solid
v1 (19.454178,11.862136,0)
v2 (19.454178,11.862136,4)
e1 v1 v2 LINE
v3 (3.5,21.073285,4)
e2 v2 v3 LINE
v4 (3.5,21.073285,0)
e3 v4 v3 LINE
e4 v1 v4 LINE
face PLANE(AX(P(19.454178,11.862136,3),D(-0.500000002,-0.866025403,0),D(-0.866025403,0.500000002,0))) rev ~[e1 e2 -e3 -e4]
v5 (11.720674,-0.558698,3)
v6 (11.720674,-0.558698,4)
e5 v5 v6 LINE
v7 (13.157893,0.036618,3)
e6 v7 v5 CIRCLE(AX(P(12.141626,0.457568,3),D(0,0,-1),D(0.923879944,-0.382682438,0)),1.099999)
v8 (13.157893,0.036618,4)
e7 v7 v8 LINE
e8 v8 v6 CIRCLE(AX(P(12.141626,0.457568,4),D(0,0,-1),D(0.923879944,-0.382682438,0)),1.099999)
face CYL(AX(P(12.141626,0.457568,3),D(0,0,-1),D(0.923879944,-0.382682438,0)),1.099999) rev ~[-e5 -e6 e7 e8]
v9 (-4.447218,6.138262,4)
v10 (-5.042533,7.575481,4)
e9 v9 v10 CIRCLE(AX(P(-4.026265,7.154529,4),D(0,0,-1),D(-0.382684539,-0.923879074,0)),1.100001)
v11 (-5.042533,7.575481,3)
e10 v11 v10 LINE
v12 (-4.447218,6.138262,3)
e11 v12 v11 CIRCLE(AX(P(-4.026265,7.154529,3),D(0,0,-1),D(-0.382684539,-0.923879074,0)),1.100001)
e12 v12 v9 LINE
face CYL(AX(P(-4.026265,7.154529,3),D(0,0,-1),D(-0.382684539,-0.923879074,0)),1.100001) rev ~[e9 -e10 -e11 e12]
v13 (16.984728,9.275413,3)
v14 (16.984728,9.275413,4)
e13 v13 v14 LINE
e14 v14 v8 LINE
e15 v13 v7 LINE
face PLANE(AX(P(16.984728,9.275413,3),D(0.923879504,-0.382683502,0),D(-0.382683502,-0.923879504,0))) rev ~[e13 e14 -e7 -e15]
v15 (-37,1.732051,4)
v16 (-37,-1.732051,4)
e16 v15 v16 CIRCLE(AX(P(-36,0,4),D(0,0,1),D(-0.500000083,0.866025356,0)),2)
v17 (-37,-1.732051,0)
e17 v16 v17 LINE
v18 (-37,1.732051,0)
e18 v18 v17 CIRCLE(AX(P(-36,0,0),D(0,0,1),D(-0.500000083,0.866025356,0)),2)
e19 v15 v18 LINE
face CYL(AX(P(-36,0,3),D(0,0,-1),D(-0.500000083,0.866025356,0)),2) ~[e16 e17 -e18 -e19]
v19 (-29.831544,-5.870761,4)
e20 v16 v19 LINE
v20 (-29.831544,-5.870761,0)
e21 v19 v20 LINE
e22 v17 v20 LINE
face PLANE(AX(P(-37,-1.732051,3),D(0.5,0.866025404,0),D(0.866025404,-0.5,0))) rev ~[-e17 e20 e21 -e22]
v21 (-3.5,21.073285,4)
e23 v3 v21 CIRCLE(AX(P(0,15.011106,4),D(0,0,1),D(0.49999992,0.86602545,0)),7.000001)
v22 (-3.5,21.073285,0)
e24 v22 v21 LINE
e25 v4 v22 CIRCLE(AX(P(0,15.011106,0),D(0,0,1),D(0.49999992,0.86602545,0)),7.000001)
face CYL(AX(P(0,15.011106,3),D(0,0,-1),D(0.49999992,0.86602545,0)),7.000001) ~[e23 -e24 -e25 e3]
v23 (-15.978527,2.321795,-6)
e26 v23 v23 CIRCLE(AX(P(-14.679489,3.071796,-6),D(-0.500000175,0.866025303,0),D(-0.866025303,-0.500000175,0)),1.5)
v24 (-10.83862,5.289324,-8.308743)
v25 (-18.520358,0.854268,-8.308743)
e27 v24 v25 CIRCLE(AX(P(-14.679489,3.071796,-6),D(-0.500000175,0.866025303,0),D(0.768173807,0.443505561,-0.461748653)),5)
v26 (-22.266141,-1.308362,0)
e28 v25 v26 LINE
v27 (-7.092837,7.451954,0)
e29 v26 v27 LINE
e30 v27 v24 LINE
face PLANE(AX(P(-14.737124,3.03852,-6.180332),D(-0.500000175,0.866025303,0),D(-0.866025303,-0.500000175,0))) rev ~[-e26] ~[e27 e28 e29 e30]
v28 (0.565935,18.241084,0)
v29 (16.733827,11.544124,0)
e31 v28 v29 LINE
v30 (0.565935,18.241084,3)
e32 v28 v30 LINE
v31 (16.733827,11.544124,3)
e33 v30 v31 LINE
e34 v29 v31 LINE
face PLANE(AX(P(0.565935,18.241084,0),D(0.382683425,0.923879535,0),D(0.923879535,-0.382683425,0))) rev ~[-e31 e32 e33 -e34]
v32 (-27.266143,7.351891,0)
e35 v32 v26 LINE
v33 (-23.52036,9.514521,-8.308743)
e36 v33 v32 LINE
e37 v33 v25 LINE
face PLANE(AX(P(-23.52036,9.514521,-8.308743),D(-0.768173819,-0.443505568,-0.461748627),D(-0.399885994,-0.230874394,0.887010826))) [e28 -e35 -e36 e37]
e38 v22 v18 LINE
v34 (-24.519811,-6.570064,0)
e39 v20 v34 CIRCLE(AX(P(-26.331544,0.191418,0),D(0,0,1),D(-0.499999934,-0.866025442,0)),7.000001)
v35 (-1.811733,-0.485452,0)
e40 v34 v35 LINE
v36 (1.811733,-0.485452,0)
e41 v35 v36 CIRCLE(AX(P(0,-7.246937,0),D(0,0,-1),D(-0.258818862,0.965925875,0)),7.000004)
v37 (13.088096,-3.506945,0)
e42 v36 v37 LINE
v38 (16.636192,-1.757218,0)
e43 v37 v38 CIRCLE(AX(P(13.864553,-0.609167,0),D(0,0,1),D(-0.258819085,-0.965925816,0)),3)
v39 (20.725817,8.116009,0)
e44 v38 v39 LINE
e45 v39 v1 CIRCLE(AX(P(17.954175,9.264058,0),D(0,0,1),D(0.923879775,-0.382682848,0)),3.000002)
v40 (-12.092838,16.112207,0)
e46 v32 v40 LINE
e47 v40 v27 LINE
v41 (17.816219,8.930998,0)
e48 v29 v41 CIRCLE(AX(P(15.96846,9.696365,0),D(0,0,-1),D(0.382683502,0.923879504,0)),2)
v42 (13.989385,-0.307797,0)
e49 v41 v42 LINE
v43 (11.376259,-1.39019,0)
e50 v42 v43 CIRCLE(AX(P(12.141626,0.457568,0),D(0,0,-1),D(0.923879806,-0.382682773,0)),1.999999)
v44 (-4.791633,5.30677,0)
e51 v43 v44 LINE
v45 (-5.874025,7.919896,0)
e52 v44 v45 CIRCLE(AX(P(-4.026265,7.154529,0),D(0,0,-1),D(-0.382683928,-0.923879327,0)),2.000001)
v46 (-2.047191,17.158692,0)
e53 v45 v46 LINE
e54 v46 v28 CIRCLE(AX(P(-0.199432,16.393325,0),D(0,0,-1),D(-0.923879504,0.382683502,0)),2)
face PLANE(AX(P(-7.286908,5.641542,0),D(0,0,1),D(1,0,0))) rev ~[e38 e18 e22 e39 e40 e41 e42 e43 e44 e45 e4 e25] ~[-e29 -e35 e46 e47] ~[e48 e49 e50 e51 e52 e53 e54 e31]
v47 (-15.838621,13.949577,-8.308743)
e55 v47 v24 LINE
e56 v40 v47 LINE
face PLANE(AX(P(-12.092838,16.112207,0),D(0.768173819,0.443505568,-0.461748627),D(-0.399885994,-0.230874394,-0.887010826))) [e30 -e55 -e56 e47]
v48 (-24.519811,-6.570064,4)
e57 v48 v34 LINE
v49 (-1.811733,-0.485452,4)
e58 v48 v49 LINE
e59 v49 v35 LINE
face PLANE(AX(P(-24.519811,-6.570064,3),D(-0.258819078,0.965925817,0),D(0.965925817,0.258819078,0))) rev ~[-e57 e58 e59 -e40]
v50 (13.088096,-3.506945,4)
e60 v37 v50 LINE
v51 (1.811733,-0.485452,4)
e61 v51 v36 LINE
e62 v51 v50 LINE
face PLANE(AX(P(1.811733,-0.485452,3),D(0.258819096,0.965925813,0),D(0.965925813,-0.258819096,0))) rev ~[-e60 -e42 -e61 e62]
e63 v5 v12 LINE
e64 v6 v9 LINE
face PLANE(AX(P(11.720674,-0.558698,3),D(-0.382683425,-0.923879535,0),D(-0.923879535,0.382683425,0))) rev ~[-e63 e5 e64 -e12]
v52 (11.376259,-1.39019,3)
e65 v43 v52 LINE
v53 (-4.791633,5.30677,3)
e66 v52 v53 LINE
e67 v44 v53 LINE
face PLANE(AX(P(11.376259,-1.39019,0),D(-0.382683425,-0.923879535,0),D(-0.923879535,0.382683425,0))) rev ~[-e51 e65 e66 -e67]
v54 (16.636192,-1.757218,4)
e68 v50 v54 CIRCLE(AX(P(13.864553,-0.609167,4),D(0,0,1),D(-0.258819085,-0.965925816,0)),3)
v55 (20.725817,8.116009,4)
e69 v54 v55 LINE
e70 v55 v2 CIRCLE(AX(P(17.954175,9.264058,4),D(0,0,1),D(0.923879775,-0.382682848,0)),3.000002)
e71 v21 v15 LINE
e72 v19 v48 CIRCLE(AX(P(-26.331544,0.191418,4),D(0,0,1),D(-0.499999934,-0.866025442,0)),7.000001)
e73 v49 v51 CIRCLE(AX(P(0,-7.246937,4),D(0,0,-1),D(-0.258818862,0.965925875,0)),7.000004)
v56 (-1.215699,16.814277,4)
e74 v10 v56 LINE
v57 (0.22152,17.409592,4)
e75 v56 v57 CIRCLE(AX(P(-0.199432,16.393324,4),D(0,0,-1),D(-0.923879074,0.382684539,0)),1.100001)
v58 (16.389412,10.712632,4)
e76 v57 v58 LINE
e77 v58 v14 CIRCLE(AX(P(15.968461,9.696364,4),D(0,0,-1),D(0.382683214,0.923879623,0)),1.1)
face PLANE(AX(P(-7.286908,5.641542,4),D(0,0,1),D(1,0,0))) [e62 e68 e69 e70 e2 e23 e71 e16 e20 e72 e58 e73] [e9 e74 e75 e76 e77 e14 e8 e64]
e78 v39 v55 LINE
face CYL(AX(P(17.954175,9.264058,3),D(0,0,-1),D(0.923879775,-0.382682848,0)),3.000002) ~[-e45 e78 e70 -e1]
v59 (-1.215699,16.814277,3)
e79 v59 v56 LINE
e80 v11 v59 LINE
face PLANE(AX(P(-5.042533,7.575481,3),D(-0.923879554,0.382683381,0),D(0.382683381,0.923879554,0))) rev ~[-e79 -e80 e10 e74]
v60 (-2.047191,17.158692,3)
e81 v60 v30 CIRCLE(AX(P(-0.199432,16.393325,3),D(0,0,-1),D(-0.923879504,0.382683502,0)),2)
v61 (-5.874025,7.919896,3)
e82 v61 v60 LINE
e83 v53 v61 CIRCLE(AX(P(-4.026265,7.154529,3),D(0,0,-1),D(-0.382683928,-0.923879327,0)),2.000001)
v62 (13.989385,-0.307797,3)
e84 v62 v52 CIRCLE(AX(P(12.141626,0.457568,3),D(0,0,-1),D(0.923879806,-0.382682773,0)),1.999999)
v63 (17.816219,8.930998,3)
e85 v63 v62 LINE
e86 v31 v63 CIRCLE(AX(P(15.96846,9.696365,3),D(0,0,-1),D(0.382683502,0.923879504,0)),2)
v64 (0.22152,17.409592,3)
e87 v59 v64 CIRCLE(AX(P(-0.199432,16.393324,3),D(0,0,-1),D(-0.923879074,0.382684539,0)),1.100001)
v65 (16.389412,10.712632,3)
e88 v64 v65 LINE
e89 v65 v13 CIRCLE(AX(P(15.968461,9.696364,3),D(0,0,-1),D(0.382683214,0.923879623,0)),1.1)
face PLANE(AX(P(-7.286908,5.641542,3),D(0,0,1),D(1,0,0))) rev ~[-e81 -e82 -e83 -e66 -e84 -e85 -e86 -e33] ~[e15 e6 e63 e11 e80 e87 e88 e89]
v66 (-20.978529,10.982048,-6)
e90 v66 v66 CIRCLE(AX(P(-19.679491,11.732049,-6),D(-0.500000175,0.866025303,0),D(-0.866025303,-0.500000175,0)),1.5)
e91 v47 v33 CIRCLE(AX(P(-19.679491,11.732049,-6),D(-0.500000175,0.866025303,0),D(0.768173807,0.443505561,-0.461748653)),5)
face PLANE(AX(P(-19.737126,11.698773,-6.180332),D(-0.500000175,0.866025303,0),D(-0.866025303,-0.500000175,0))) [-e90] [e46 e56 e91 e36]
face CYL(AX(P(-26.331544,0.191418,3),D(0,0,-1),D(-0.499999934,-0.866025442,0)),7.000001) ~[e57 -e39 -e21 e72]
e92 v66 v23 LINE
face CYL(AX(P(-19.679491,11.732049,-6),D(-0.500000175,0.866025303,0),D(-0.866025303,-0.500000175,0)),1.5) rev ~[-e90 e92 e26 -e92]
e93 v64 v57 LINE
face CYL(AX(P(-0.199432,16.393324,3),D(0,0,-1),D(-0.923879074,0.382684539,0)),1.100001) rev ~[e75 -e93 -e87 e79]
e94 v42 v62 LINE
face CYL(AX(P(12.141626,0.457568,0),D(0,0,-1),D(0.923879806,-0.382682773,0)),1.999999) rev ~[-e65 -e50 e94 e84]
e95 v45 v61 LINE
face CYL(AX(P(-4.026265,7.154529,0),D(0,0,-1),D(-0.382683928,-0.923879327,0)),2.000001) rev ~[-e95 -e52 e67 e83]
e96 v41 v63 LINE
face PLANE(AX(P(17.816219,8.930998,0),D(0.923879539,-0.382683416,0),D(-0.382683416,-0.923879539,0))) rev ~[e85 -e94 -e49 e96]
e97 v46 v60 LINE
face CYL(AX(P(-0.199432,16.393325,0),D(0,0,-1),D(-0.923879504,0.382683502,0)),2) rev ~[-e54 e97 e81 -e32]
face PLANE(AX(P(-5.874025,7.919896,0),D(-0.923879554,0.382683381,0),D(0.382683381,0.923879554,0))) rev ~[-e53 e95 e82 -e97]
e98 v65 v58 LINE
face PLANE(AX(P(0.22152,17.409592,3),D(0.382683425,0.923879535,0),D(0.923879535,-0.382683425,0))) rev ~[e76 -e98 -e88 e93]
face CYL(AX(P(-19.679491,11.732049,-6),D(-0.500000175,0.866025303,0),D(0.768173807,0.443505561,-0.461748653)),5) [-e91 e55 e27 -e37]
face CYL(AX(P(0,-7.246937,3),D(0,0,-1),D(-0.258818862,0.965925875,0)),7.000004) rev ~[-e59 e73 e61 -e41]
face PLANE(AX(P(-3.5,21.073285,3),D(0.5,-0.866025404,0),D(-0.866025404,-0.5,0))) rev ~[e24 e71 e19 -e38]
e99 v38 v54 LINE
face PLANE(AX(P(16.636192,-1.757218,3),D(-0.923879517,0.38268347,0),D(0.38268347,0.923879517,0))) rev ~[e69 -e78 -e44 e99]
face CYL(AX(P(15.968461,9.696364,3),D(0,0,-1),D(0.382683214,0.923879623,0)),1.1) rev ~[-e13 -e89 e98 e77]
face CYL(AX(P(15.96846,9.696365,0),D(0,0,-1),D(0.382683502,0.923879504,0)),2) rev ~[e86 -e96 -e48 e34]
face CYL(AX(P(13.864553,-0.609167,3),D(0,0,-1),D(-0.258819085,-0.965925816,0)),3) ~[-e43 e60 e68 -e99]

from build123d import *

# Parameters (mm, degrees)
F1_DEPTH = 3
F3_DEPTH = 1
F5_R     = 1.5
F6_DEPTH = 10


with BuildPart() as f1:
    # F0 (on Top) → F1 (new body)
    with BuildSketch(Plane.XY):
        with BuildLine():
            Line((-3.5, 21.073285), (-37, 1.732051))
            ThreePointArc((-37, 1.732051), (-38, 0), (-37, -1.732051))
            Line((-37, -1.732051), (-29.831544, -5.870761))
            ThreePointArc((-29.831544, -5.870761), (-27.245228, -6.748697), (-24.519811, -6.570064))
            Line((-24.519811, -6.570064), (-1.811733, -0.485452))
            ThreePointArc((-1.811733, -0.485452), (0, -0.246933), (1.811733, -0.485452))
            Line((1.811733, -0.485452), (13.088096, -3.506945))
            ThreePointArc((13.088096, -3.506945), (15.191419, -3.299786), (16.636192, -1.757218))
            Line((16.636192, -1.757218), (20.725817, 8.116009))
            ThreePointArc((20.725817, 8.116009), (20.794968, 10.228378), (19.454178, 11.862136))
            Line((19.454178, 11.862136), (3.5, 21.073285))
            ThreePointArc((3.5, 21.073285), (0, 22.011107), (-3.5, 21.073285))
        make_face()
        with BuildLine():
            Line((17.816219, 8.930998), (13.989385, -0.307797))
            ThreePointArc((13.989385, -0.307797), (12.906993, -1.39019), (11.376259, -1.39019))
            Line((11.376259, -1.39019), (-4.791633, 5.30677))
            ThreePointArc((-4.791633, 5.30677), (-5.874025, 6.389163), (-5.874025, 7.919896))
            Line((-5.874025, 7.919896), (-2.047191, 17.158692))
            ThreePointArc((-2.047191, 17.158692), (-0.964799, 18.241084), (0.565935, 18.241084))
            Line((0.565935, 18.241084), (16.733827, 11.544124))
            ThreePointArc((16.733827, 11.544124), (17.816219, 10.461732), (17.816219, 8.930998))
        make_face(mode=Mode.SUBTRACT)
    extrude(amount=F1_DEPTH)

    # F2 (on face) → F3 (join)
    with BuildSketch(Plane.XY.offset(3)):
        with BuildLine():
            Line((1.811733, -0.485452), (13.088096, -3.506945))
            ThreePointArc((13.088096, -3.506945), (15.191419, -3.299786), (16.636192, -1.757218))
            Line((16.636192, -1.757218), (20.725817, 8.116009))
            ThreePointArc((20.725817, 8.116009), (20.794968, 10.228378), (19.454178, 11.862136))
            Line((19.454178, 11.862136), (3.5, 21.073285))
            ThreePointArc((3.5, 21.073285), (0, 22.011107), (-3.5, 21.073285))
            Line((-3.5, 21.073285), (-37, 1.732051))
            ThreePointArc((-37, 1.732051), (-38, 0), (-37, -1.732051))
            Line((-37, -1.732051), (-29.831544, -5.870761))
            ThreePointArc((-29.831544, -5.870761), (-27.245228, -6.748697), (-24.519811, -6.570064))
            Line((-24.519811, -6.570064), (-1.811733, -0.485452))
            ThreePointArc((-1.811733, -0.485452), (0, -0.246933), (1.811733, -0.485452))
        make_face()
        with BuildLine():
            ThreePointArc((-4.447218, 6.138262), (-5.042533, 6.733578), (-5.042533, 7.575481))
            Line((-5.042533, 7.575481), (-1.215699, 16.814277))
            ThreePointArc((-1.215699, 16.814277), (-0.620383, 17.409592), (0.22152, 17.409592))
            Line((0.22152, 17.409592), (16.389412, 10.712632))
            ThreePointArc((16.389412, 10.712632), (16.984728, 10.117316), (16.984728, 9.275413))
            Line((16.984728, 9.275413), (13.157893, 0.036618))
            ThreePointArc((13.157893, 0.036618), (12.562578, -0.558698), (11.720674, -0.558698))
            Line((11.720674, -0.558698), (-4.447218, 6.138262))
        make_face(mode=Mode.SUBTRACT)
    extrude(amount=F3_DEPTH)

    # F5 (on face) → F6 (join)
    with BuildSketch(Plane(origin=(-10, 17.320508, 0), x_dir=(-0.866025, -0.5, 0), z_dir=(-0.5, 0.866025, 0))):
        with BuildLine():
            ThreePointArc((15.611969, -8.308743), (16.033625, -7.188429), (16.176915, -6))
            ThreePointArc((16.176915, -6), (9.988485, -1.14329), (6.74186, -8.308743))
            ThreePointArc((6.74186, -8.308743), (11.176915, -11), (15.611969, -8.308743))
        make_face()
        with Locations((11.176915, -6)):
            Circle(F5_R, mode=Mode.SUBTRACT)
        with BuildLine():
            ThreePointArc((6.74186, -8.308743), (9.988485, -1.14329), (16.176915, -6))
            ThreePointArc((16.176915, -6), (16.033625, -7.188429), (15.611969, -8.308743))
            Line((15.611969, -8.308743), (19.937227, 0))
            Line((19.937227, 0), (2.416602, 0))
            Line((2.416602, 0), (6.74186, -8.308743))
        make_face()
    extrude(amount=-F6_DEPTH)


solid = f1.part
